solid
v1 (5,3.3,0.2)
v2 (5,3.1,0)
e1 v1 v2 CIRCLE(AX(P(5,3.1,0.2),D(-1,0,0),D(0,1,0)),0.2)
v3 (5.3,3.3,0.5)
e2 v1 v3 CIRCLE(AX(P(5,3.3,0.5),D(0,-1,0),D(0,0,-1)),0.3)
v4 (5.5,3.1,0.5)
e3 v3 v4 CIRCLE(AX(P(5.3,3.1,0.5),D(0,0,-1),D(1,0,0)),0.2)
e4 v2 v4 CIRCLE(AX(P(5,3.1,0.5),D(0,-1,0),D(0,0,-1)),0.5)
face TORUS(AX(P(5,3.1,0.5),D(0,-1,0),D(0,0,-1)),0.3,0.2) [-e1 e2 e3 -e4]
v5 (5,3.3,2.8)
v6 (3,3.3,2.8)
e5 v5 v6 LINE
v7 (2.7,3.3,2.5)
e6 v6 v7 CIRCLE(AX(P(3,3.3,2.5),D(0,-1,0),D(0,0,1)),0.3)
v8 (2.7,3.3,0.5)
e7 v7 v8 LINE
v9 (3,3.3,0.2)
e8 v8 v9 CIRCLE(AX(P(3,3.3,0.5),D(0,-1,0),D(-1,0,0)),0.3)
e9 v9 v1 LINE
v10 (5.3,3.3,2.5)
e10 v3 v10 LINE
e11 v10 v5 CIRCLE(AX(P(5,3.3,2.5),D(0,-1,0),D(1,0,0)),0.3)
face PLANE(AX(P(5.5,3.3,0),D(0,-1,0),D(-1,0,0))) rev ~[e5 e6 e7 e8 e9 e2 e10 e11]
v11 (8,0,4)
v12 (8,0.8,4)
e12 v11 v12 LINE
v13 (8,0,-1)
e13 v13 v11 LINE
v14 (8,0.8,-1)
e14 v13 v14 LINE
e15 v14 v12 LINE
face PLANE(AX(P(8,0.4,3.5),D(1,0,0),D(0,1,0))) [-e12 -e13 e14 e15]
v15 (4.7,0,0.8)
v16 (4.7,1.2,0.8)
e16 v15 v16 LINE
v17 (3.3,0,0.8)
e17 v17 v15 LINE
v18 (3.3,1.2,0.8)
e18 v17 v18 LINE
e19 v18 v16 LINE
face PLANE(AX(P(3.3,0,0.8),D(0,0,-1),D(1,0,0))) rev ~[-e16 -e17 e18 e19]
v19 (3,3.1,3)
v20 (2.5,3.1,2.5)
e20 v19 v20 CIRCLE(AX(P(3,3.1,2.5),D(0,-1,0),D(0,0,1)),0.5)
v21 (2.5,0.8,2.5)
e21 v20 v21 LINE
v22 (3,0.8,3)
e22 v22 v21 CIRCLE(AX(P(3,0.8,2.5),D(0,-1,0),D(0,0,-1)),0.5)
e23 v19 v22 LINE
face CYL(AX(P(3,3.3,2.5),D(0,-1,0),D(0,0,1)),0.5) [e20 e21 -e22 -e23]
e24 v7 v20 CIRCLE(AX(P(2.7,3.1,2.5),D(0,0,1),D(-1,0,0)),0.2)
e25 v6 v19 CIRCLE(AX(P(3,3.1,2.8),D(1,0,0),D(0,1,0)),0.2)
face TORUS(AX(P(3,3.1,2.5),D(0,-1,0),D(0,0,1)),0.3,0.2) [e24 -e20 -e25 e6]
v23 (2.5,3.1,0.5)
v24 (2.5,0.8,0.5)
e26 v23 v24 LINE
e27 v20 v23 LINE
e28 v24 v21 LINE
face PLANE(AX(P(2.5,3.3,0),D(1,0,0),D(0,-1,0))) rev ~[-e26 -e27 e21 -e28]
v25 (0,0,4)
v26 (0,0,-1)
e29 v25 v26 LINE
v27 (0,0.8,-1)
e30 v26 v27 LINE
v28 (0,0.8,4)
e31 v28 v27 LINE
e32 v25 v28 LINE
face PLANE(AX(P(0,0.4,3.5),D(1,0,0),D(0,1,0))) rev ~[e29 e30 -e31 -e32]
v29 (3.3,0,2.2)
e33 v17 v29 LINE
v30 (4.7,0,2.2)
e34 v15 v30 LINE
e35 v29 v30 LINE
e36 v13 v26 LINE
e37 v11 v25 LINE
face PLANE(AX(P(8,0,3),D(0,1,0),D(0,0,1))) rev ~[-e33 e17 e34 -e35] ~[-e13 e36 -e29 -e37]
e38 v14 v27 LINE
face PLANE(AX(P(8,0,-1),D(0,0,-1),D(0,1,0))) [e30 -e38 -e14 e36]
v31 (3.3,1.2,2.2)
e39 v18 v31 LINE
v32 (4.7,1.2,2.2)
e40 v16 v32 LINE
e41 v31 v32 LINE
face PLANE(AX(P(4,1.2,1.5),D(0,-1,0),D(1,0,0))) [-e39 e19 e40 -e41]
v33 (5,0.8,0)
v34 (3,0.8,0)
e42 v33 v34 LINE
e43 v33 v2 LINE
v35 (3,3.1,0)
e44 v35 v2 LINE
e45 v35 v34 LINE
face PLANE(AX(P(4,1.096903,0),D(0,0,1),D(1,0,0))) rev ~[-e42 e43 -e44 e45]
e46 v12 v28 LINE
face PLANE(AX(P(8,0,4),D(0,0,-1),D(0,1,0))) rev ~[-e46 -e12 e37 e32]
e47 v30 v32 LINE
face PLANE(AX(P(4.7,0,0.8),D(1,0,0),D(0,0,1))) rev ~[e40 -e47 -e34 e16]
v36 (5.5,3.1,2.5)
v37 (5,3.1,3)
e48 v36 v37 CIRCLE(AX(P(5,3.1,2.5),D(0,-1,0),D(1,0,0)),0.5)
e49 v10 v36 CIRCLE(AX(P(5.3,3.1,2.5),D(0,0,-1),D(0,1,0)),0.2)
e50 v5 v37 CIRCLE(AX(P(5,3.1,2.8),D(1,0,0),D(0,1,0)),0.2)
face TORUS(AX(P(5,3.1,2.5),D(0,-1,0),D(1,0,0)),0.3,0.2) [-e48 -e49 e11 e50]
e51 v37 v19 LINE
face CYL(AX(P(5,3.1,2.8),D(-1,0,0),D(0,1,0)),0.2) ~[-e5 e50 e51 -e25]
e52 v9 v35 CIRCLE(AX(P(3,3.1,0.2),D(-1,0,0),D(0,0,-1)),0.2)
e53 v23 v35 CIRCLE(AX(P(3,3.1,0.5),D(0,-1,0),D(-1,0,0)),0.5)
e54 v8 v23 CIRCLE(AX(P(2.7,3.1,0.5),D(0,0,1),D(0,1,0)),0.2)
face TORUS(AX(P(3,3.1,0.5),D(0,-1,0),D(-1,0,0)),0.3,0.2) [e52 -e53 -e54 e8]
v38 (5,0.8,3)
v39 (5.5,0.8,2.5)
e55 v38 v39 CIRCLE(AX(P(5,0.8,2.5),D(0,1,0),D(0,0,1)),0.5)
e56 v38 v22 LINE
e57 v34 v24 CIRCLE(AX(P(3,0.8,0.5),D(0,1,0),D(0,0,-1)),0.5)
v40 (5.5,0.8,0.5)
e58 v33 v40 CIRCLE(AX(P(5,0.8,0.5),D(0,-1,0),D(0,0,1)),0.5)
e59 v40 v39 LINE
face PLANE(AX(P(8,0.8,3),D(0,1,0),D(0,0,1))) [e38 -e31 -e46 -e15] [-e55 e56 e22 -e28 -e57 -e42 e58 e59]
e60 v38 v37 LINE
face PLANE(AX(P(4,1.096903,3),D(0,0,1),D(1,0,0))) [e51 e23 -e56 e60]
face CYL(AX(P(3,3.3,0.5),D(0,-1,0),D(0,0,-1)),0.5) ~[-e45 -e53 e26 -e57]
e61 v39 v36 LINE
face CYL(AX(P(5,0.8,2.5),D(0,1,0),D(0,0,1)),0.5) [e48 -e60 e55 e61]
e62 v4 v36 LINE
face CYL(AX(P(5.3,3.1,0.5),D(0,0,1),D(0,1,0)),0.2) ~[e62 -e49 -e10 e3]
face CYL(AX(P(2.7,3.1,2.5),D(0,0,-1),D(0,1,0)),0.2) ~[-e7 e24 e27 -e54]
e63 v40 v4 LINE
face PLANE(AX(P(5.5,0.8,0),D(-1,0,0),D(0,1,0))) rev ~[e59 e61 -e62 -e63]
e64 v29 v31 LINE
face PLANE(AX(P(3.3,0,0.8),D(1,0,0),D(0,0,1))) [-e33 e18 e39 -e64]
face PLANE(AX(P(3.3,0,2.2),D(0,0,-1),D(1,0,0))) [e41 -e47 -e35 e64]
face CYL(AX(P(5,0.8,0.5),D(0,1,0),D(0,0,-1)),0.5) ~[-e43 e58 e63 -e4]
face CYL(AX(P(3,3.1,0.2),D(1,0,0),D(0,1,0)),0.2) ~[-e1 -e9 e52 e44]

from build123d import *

# Parameters (mm, degrees)
F1_DEPTH = 3
F2_W     = 1.4
F2_H     = 1.4
F3_DEPTH = 1.2
F4_R     = 0.5
F5_R     = 0.2
F6_W     = 0.8
F6_H     = 1
F7_DEPTH = 8


with BuildPart() as f1:
    # F0 (on Top) → F1 (new body)
    with BuildSketch(Plane.XY):
        Polygon((0, 0.8), (0, 0), (8, 0), (8, 0.8), (5.5, 0.8), (5.5, 3.3), (2.5, 3.3), (2.5, 0.8), align=None)
    extrude(amount=F1_DEPTH)

    # F2 (on face) → F3 (cut)
    with BuildSketch(Plane.XZ):
        with Locations((4, 1.5)):
            Rectangle(F2_W, F2_H)
    extrude(amount=-F3_DEPTH, mode=Mode.SUBTRACT)

    # F4
    f4_edges = [f1.edges().sort_by_distance(p)[0] for p in [
        (5.5, 2.05, 3),
        (2.5, 2.05, 3),
        (2.5, 2.05, 0),
        (5.5, 2.05, 0),
    ]]
    fillet(f4_edges, radius=F4_R)

    # F5
    f5_edges = [f1.edges().sort_by_distance(p)[0] for p in [
        (4, 3.3, 3),
        (5.353553, 3.3, 2.853553),
        (5.5, 3.3, 1.5),
        (5.353553, 3.3, 0.146447),
        (4, 3.3, 0),
        (2.646447, 3.3, 0.146447),
        (2.5, 3.3, 1.5),
        (2.646447, 3.3, 2.853553),
    ]]
    fillet(f5_edges, radius=F5_R)

    # F6 (on face) → F7 (join, through all)
    with BuildSketch(Plane.YZ.offset(8)):
        with Locations((0.4, 3.5)):
            Rectangle(F6_W, F6_H)
        with Locations((0.4, -0.5)):
            Rectangle(F6_W, F6_H)
    extrude(amount=-F7_DEPTH)


solid = f1.part
